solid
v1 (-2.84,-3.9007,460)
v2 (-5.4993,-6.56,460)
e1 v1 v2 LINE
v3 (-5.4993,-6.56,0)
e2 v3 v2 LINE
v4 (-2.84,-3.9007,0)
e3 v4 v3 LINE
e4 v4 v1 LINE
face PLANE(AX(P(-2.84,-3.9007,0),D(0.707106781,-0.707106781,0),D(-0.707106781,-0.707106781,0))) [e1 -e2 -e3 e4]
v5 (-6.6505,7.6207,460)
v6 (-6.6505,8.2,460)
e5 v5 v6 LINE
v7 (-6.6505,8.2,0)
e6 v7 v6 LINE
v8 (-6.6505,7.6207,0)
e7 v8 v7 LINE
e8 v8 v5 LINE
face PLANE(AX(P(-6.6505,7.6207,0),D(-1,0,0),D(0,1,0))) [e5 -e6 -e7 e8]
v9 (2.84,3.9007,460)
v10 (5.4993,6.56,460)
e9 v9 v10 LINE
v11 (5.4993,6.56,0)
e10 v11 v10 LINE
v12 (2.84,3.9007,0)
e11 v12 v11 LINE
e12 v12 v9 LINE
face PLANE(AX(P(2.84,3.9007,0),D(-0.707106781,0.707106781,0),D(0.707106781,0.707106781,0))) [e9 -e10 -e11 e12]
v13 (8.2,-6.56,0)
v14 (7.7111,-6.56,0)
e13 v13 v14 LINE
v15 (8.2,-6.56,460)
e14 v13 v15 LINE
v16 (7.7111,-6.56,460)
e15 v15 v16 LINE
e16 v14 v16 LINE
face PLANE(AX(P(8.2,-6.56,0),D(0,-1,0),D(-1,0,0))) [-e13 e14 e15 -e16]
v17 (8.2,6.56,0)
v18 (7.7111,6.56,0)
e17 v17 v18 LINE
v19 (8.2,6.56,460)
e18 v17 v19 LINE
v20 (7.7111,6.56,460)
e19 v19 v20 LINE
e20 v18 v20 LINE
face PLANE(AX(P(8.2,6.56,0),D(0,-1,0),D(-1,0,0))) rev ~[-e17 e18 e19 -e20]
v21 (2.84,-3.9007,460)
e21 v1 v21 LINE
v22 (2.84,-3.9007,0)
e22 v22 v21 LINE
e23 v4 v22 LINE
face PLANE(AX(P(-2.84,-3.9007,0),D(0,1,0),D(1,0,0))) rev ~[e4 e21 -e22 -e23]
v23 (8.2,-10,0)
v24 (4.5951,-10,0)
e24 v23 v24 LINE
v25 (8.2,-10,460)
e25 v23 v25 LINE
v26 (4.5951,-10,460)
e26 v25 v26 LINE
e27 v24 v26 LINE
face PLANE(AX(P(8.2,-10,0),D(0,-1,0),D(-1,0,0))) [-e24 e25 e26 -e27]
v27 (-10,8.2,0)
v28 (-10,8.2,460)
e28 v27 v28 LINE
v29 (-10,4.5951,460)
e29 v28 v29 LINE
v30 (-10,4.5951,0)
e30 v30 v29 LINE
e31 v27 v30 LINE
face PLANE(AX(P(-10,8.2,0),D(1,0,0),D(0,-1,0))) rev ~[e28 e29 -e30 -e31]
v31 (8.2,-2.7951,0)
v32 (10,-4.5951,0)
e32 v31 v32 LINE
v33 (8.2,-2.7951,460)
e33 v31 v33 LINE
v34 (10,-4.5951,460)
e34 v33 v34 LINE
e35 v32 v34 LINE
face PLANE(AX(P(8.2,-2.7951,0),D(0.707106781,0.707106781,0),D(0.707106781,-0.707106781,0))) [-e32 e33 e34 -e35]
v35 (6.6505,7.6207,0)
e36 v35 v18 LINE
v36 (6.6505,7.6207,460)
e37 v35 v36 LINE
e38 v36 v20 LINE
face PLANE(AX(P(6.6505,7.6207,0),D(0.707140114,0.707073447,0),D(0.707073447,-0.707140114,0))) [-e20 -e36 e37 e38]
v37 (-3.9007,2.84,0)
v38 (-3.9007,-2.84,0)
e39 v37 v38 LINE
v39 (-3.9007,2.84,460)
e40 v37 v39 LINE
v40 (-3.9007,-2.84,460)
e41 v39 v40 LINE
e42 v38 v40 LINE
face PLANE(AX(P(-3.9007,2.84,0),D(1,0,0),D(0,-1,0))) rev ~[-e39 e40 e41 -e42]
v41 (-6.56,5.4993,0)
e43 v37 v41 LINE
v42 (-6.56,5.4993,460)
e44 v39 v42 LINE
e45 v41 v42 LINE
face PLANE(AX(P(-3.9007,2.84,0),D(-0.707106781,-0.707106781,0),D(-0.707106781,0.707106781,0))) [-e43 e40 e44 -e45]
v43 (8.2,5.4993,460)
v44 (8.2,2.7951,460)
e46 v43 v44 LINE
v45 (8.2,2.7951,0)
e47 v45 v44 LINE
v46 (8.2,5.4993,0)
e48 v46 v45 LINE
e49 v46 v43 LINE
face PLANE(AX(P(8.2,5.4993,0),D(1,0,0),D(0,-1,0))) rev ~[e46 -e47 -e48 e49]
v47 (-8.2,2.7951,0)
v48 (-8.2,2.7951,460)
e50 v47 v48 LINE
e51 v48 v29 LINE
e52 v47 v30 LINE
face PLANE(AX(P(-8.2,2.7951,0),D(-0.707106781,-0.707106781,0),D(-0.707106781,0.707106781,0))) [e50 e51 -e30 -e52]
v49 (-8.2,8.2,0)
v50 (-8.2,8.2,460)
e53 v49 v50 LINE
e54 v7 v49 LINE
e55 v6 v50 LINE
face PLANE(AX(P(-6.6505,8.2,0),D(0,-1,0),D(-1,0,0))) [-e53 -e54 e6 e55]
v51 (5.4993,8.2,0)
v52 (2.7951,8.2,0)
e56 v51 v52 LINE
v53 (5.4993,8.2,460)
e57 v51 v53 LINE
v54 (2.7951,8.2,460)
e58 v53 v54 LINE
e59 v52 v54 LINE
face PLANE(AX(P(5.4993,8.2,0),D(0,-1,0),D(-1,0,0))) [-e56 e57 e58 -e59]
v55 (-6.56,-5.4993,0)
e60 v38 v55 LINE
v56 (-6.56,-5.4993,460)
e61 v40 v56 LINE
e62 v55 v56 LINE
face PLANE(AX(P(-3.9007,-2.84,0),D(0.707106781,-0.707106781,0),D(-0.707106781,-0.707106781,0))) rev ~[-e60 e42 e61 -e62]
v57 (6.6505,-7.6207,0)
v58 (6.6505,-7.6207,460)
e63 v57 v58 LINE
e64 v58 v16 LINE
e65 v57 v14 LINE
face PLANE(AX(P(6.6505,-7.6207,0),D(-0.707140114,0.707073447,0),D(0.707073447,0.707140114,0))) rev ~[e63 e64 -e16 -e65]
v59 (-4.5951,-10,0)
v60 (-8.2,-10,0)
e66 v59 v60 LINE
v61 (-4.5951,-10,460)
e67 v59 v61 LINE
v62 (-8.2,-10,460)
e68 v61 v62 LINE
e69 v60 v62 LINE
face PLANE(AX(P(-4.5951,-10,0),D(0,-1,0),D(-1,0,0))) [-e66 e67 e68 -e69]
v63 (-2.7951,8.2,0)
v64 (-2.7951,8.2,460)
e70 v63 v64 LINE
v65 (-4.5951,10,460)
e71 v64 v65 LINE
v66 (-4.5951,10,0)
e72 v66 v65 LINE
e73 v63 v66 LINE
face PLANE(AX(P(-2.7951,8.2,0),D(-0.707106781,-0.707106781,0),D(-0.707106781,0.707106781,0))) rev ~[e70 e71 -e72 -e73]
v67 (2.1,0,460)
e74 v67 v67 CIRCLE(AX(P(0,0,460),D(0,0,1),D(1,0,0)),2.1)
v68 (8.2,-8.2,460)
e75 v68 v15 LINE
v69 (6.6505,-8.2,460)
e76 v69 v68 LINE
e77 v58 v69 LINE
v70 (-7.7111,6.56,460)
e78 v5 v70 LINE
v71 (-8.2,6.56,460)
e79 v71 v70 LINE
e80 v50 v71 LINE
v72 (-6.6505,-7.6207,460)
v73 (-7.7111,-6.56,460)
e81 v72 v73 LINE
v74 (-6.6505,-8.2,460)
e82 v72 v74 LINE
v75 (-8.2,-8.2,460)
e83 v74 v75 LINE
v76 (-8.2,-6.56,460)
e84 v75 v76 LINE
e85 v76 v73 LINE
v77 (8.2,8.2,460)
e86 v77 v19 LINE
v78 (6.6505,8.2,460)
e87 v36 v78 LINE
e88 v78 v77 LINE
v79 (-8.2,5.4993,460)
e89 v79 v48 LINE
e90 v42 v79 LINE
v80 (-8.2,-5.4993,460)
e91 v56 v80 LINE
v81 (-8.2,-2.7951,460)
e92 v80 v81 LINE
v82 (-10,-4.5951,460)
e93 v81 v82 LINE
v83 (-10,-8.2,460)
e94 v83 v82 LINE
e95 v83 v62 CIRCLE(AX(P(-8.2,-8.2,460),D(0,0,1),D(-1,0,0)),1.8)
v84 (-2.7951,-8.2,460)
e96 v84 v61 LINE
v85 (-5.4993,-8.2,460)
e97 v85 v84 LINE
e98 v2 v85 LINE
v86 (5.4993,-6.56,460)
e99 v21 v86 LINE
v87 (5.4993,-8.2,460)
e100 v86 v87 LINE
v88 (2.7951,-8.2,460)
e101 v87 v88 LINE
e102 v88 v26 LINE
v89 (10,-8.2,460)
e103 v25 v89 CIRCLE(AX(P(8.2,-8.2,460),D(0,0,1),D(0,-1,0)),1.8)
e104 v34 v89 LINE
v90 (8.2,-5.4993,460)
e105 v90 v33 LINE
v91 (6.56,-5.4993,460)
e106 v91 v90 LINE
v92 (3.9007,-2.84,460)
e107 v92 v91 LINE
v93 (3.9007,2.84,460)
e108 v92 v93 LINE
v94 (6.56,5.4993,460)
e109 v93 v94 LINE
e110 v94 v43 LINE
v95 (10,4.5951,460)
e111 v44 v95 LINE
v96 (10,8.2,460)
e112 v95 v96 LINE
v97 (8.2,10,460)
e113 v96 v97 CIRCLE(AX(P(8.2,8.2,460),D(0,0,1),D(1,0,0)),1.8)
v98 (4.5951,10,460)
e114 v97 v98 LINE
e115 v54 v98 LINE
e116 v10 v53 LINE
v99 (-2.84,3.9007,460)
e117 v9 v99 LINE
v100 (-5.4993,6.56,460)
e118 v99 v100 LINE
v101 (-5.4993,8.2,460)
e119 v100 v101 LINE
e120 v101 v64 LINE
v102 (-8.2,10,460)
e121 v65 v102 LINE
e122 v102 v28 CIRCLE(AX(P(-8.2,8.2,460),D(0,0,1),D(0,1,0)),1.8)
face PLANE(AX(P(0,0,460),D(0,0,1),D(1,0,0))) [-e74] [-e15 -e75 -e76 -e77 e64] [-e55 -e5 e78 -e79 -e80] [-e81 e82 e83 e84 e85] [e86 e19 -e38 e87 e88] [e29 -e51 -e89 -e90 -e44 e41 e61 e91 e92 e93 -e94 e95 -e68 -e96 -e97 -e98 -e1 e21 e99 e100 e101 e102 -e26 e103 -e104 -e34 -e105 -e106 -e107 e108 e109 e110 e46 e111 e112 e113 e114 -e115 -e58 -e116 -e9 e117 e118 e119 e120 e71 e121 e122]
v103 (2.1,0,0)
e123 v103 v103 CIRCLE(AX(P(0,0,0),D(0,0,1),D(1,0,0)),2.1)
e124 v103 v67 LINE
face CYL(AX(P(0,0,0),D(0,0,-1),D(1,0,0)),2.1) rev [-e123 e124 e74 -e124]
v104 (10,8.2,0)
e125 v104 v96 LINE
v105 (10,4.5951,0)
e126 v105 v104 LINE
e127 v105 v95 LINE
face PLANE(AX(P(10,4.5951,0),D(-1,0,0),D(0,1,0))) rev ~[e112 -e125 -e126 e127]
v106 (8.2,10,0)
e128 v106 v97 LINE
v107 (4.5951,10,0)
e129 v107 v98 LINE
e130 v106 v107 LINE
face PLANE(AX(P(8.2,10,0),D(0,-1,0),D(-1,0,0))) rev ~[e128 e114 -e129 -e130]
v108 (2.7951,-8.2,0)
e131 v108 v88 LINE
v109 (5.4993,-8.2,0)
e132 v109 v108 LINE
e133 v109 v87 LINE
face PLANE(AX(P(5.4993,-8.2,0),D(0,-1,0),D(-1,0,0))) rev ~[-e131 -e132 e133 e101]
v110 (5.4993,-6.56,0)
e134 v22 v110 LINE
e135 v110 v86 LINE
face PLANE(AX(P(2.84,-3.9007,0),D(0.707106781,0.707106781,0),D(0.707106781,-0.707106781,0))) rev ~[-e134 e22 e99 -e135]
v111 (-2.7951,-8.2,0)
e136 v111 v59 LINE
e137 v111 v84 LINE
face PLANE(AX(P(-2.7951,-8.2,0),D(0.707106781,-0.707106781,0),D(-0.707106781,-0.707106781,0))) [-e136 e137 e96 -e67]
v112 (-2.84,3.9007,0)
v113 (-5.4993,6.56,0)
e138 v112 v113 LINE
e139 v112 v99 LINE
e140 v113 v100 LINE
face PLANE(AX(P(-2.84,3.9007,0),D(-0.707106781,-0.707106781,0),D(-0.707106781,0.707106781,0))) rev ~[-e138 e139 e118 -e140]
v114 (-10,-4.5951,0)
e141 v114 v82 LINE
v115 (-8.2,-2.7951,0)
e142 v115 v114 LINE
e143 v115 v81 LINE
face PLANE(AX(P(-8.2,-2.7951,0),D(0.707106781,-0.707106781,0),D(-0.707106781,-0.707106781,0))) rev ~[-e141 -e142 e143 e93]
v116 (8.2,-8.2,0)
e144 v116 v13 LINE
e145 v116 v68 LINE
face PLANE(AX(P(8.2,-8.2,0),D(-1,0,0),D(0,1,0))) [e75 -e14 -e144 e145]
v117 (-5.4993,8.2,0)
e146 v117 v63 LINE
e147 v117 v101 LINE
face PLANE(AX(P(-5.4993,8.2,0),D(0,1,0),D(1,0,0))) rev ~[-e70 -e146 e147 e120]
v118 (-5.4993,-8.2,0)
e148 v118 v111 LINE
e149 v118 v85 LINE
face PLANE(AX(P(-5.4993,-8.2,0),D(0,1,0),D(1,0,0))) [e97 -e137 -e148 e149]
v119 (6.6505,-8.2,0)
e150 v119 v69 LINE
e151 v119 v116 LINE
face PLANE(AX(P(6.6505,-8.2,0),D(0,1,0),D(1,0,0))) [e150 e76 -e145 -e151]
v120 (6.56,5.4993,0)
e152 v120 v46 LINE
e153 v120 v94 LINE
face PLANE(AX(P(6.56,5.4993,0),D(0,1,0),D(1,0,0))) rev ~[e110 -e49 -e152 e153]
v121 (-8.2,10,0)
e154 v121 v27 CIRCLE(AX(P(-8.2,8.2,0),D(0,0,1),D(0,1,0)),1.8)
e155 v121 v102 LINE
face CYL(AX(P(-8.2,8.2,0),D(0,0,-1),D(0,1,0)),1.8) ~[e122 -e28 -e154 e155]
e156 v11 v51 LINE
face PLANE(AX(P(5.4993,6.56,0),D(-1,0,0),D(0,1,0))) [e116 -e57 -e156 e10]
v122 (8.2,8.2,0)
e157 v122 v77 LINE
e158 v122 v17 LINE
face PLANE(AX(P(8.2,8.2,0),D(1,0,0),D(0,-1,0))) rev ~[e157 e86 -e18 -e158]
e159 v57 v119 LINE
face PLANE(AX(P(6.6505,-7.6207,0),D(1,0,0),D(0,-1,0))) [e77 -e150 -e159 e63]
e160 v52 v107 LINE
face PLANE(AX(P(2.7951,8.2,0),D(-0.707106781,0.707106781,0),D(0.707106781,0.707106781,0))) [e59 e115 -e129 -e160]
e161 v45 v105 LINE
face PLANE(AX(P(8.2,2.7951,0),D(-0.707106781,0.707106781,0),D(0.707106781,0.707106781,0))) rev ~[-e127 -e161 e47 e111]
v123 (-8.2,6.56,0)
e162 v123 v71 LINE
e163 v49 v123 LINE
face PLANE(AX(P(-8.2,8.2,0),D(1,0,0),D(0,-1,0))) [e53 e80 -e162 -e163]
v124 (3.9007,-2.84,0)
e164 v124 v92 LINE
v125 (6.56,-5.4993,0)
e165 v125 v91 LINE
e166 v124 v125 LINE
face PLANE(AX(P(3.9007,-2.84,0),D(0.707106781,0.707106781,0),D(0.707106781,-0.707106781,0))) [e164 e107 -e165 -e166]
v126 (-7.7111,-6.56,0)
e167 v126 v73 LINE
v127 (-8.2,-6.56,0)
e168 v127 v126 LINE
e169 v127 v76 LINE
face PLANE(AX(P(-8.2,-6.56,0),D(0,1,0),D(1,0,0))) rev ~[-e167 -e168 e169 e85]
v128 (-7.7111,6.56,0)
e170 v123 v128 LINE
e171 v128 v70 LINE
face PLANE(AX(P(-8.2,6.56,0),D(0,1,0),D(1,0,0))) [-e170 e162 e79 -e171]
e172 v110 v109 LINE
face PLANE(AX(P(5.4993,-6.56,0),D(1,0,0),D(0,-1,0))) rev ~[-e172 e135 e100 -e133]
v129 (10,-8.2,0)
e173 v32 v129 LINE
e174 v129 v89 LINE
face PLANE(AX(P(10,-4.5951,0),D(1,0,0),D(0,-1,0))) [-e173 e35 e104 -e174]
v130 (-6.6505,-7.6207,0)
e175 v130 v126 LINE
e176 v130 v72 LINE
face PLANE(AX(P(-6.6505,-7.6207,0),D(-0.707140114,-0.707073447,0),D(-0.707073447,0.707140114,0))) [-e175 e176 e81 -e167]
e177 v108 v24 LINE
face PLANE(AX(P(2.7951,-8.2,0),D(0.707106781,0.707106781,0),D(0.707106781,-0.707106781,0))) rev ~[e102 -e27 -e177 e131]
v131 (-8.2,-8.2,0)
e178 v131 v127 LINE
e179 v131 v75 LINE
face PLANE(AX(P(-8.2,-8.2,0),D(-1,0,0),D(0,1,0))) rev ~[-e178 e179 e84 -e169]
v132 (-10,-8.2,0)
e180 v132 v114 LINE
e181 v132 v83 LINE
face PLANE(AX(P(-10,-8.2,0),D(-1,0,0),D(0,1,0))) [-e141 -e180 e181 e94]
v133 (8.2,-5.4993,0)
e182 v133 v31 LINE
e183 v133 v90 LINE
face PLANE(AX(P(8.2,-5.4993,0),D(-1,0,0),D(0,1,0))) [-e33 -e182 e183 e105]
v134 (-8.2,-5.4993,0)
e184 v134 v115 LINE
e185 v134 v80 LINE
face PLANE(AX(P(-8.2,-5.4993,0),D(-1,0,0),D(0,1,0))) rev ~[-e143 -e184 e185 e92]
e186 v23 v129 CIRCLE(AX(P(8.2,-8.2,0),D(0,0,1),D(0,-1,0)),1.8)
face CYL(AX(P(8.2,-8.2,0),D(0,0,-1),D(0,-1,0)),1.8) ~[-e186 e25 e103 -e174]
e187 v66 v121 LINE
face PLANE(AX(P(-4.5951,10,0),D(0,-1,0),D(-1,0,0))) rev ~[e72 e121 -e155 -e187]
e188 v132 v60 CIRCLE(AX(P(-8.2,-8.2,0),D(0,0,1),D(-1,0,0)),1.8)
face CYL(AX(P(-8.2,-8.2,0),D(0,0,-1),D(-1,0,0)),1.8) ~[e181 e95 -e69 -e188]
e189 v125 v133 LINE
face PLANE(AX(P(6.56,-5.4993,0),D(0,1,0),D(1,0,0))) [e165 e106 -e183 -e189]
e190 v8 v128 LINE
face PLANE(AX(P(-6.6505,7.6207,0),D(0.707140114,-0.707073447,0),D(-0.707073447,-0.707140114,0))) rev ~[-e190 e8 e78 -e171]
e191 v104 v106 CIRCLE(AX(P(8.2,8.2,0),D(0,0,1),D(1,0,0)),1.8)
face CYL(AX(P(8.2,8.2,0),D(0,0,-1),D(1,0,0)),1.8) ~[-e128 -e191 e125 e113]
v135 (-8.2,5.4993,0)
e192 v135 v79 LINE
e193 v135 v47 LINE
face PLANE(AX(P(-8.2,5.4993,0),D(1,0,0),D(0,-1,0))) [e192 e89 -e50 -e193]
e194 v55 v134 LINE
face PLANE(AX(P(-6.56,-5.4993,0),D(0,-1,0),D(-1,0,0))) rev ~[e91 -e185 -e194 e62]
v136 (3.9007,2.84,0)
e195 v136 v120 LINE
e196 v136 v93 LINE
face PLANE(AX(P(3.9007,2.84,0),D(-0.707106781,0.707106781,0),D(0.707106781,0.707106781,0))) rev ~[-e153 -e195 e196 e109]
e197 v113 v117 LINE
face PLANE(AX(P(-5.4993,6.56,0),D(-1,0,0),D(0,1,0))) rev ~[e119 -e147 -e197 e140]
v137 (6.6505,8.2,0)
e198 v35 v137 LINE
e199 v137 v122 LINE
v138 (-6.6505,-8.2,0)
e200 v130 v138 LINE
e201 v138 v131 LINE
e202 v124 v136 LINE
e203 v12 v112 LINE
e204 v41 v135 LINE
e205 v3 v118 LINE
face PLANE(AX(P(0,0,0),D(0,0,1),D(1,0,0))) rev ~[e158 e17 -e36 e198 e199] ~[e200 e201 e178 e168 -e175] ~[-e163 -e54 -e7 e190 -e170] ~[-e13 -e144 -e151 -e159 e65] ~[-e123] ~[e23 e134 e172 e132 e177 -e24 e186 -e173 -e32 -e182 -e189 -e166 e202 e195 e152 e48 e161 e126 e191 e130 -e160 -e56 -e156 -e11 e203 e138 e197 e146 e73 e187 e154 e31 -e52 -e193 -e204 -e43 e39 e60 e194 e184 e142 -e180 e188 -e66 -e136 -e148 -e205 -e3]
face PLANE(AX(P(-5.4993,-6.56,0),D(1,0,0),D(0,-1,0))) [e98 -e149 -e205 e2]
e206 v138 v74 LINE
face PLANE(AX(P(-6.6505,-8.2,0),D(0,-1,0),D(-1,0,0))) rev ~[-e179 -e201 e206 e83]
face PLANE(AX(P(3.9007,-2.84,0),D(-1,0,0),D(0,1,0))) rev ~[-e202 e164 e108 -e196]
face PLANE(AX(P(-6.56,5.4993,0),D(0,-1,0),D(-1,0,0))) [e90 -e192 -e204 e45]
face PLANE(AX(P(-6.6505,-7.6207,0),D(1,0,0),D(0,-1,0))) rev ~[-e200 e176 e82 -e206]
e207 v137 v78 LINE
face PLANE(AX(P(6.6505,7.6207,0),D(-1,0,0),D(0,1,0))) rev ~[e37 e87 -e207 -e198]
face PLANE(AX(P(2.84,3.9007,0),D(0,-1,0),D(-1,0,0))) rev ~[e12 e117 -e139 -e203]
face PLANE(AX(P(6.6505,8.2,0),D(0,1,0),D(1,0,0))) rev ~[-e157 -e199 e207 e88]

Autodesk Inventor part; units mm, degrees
ref_plane "YZ Plane" through (0, 0, 0) normal (1, 0, 0) x (0, 1, 0)
sketch "Sketch1" plane through (0, 0, 0) normal (0, 0, 1) x (1, 0, 0)
  line L0 (10, -4.5951) -> (10, -8.2)
  line L1 (-10, -8.2) -> (-10, -4.5951)
  line L2 (-10, 10) -> (10, -10) construction
  line L3 (10, 10) -> (-10, -10) construction
  circle A0 centre (0, 0) radius 2.1
  line L4 (-2.84, -3.9007) -> (2.84, -3.9007)
  line L5 (3.9007, -2.84) -> (3.9007, 2.84)
  line L6 (2.84, 3.9007) -> (-2.84, 3.9007)
  line L7 (-3.9007, 2.84) -> (-3.9007, -2.84)
  line L8 (-3.9007, -3.9007) -> (3.9007, 3.9007) construction
  line L9 (3.9007, -3.9007) -> (-3.9007, 3.9007) construction
  line L10 (-3.9007, -2.84) -> (-2.84, -3.9007) construction
  line L11 (-2.84, -3.9007) -> (-5.4993, -6.56)
  line L12 (-5.4993, -6.56) -> (-5.4993, -8.2)
  line L13 (-5.4993, -8.2) -> (-2.7951, -8.2)
  line L14 (-2.7951, -8.2) -> (-4.5951, -10)
  line L15 (0, 0) -> (0, -3.9007) construction
  line L16 (3.9007, -2.84) -> (2.84, -3.9007) construction
  line L17 (2.84, -3.9007) -> (5.4993, -6.56)
  line L18 (5.4993, -6.56) -> (5.4993, -8.2)
  line L19 (5.4993, -8.2) -> (2.7951, -8.2)
  line L20 (2.7951, -8.2) -> (4.5951, -10)
  line L21 (-2.84, -3.9007) -> (-3.9007, -2.84) construction
  line L22 (-3.9007, -2.84) -> (-6.56, -5.4993)
  line L23 (-6.56, -5.4993) -> (-8.2, -5.4993)
  line L24 (-8.2, -5.4993) -> (-8.2, -2.7951)
  line L25 (-8.2, -2.7951) -> (-10, -4.5951)
  line L26 (3.9007, -2.84) -> (6.56, -5.4993)
  line L27 (6.56, -5.4993) -> (8.2, -5.4993)
  line L28 (8.2, -5.4993) -> (8.2, -2.7951)
  line L29 (8.2, -2.7951) -> (10, -4.5951)
  arc A1 (-10, -8.2) -> (-8.2, -10) centre (-8.2, -8.2) ccw
  arc A2 (8.2, -10) -> (10, -8.2) centre (8.2, -8.2) ccw
  line L30 (-8.2, -6.56) -> (-7.7111, -6.56)
  line L31 (-6.6505, -8.2) -> (-8.2, -8.2)
  line L32 (-8.2, -8.2) -> (-8.2, -6.56)
  line L33 (-6.6505, -7.6207) -> (-7.7111, -6.56)
  line L34 (-6.6505, -7.6207) -> (-6.6505, -8.2)
  line L35 (8.2, -6.56) -> (7.7111, -6.56)
  line L36 (6.6505, -8.2) -> (8.2, -8.2)
  line L37 (8.2, -8.2) -> (8.2, -6.56)
  line L38 (6.6505, -7.6207) -> (7.7111, -6.56)
  line L39 (6.6505, -7.6207) -> (6.6505, -8.2)
  line L40 (8.2, -10) -> (4.5951, -10)
  line L41 (-4.5951, -10) -> (-8.2, -10)
  line L42 (-3.9007, 0) -> (3.9007, 0) construction
  line L43 (10, 4.5951) -> (10, 8.2)
  line L44 (-10, 8.2) -> (-10, 4.5951)
  line L45 (-2.84, 3.9007) -> (2.84, 3.9007)
  line L46 (-3.9007, 2.84) -> (-2.84, 3.9007) construction
  line L47 (-2.84, 3.9007) -> (-5.4993, 6.56)
  line L48 (-5.4993, 6.56) -> (-5.4993, 8.2)
  line L49 (-5.4993, 8.2) -> (-2.7951, 8.2)
  line L50 (-2.7951, 8.2) -> (-4.5951, 10)
  line L51 (2.84, 3.9007) -> (5.4993, 6.56)
  line L52 (5.4993, 6.56) -> (5.4993, 8.2)
  line L53 (5.4993, 8.2) -> (2.7951, 8.2)
  line L54 (2.7951, 8.2) -> (4.5951, 10)
  line L55 (3.9007, 2.84) -> (2.84, 3.9007) construction
  line L56 (-8.2, 2.7951) -> (-10, 4.5951)
  line L57 (-2.84, 3.9007) -> (-3.9007, 2.84) construction
  line L58 (-3.9007, 2.84) -> (-6.56, 5.4993)
  line L59 (-6.56, 5.4993) -> (-8.2, 5.4993)
  line L60 (-8.2, 5.4993) -> (-8.2, 2.7951)
  line L61 (3.9007, 2.84) -> (6.56, 5.4993)
  line L62 (6.56, 5.4993) -> (8.2, 5.4993)
  line L63 (8.2, 5.4993) -> (8.2, 2.7951)
  line L64 (8.2, 2.7951) -> (10, 4.5951)
  arc A3 (-8.2, 10) -> (-10, 8.2) centre (-8.2, 8.2) ccw
  arc A4 (10, 8.2) -> (8.2, 10) centre (8.2, 8.2) ccw
  line L65 (-8.2, 6.56) -> (-7.7111, 6.56)
  line L66 (-6.6505, 8.2) -> (-8.2, 8.2)
  line L67 (-8.2, 8.2) -> (-8.2, 6.56)
  line L68 (-6.6505, 7.6207) -> (-7.7111, 6.56)
  line L69 (-6.6505, 7.6207) -> (-6.6505, 8.2)
  line L70 (8.2, 6.56) -> (7.7111, 6.56)
  line L71 (6.6505, 7.6207) -> (7.7111, 6.56)
  line L72 (8.2, 8.2) -> (8.2, 6.56)
  line L73 (6.6505, 7.6207) -> (6.6505, 8.2)
  line L74 (6.6505, 8.2) -> (8.2, 8.2)
  line L75 (8.2, 10) -> (4.5951, 10)
  line L76 (-4.5951, 10) -> (-8.2, 10)
  line L77 (-8.2, 10) -> (-4.5951, 10)
  line L78 (4.5951, 10) -> (8.2, 10)
  point P0 (8.2, -8.2)
  point P1 (0, 3.9007)
  point P2 (8.2, 8.2)
  point P3 (0, 2.1)
  point P4 (1.4849, 1.4849)
  point P5 (0, 2.1)
  point P6 (0, 10)
  dimension "Width" = 20
  dimension "Height" = 20
  dimension "d2" = 4.2
  dimension "d3" = 1.5
  dimension "d4" = 1.64
  dimension "d6" = 5.68
  dimension "d7" = 1.8
  dimension "d9" = 1.5
ref_plane "Start Plane" through (0, 0, 0) normal (0, 0, 1) x (1, 0, 0)
ref_plane "End Plane" through (0, 0, 20) normal (0, 0, 1) x (1, 0, 0)
sketch "Sketch4" plane through (0, 0, 0) normal (0, 0, 1) x (1, 0, 0)
  line L0 (0, 0) -> (10, 0)
ref_plane "Work Plane4" through (0, 0, 0) normal (0, -1, 0) x (1, 0, 0)
sketch "Sketch5" plane through (0, 0, 0) normal (0, -1, 0) x (1, 0, 0)
  line L0 (-2, 0) -> (12, 0) construction
  line L1 (-2, 20) -> (12, 20) construction
  dimension "d17" = 20
extrude "Extrusion3" add sketch "Sketch1" along normal blind 460
equation "\"G_OFFSET_START\" = 0"
equation "\"G_OFFSET_END\" = 0"
equation "\"G_L\" = d17"
properties part number "V-slot 20 mm x 20 mm" material "Aluminum 6061"
